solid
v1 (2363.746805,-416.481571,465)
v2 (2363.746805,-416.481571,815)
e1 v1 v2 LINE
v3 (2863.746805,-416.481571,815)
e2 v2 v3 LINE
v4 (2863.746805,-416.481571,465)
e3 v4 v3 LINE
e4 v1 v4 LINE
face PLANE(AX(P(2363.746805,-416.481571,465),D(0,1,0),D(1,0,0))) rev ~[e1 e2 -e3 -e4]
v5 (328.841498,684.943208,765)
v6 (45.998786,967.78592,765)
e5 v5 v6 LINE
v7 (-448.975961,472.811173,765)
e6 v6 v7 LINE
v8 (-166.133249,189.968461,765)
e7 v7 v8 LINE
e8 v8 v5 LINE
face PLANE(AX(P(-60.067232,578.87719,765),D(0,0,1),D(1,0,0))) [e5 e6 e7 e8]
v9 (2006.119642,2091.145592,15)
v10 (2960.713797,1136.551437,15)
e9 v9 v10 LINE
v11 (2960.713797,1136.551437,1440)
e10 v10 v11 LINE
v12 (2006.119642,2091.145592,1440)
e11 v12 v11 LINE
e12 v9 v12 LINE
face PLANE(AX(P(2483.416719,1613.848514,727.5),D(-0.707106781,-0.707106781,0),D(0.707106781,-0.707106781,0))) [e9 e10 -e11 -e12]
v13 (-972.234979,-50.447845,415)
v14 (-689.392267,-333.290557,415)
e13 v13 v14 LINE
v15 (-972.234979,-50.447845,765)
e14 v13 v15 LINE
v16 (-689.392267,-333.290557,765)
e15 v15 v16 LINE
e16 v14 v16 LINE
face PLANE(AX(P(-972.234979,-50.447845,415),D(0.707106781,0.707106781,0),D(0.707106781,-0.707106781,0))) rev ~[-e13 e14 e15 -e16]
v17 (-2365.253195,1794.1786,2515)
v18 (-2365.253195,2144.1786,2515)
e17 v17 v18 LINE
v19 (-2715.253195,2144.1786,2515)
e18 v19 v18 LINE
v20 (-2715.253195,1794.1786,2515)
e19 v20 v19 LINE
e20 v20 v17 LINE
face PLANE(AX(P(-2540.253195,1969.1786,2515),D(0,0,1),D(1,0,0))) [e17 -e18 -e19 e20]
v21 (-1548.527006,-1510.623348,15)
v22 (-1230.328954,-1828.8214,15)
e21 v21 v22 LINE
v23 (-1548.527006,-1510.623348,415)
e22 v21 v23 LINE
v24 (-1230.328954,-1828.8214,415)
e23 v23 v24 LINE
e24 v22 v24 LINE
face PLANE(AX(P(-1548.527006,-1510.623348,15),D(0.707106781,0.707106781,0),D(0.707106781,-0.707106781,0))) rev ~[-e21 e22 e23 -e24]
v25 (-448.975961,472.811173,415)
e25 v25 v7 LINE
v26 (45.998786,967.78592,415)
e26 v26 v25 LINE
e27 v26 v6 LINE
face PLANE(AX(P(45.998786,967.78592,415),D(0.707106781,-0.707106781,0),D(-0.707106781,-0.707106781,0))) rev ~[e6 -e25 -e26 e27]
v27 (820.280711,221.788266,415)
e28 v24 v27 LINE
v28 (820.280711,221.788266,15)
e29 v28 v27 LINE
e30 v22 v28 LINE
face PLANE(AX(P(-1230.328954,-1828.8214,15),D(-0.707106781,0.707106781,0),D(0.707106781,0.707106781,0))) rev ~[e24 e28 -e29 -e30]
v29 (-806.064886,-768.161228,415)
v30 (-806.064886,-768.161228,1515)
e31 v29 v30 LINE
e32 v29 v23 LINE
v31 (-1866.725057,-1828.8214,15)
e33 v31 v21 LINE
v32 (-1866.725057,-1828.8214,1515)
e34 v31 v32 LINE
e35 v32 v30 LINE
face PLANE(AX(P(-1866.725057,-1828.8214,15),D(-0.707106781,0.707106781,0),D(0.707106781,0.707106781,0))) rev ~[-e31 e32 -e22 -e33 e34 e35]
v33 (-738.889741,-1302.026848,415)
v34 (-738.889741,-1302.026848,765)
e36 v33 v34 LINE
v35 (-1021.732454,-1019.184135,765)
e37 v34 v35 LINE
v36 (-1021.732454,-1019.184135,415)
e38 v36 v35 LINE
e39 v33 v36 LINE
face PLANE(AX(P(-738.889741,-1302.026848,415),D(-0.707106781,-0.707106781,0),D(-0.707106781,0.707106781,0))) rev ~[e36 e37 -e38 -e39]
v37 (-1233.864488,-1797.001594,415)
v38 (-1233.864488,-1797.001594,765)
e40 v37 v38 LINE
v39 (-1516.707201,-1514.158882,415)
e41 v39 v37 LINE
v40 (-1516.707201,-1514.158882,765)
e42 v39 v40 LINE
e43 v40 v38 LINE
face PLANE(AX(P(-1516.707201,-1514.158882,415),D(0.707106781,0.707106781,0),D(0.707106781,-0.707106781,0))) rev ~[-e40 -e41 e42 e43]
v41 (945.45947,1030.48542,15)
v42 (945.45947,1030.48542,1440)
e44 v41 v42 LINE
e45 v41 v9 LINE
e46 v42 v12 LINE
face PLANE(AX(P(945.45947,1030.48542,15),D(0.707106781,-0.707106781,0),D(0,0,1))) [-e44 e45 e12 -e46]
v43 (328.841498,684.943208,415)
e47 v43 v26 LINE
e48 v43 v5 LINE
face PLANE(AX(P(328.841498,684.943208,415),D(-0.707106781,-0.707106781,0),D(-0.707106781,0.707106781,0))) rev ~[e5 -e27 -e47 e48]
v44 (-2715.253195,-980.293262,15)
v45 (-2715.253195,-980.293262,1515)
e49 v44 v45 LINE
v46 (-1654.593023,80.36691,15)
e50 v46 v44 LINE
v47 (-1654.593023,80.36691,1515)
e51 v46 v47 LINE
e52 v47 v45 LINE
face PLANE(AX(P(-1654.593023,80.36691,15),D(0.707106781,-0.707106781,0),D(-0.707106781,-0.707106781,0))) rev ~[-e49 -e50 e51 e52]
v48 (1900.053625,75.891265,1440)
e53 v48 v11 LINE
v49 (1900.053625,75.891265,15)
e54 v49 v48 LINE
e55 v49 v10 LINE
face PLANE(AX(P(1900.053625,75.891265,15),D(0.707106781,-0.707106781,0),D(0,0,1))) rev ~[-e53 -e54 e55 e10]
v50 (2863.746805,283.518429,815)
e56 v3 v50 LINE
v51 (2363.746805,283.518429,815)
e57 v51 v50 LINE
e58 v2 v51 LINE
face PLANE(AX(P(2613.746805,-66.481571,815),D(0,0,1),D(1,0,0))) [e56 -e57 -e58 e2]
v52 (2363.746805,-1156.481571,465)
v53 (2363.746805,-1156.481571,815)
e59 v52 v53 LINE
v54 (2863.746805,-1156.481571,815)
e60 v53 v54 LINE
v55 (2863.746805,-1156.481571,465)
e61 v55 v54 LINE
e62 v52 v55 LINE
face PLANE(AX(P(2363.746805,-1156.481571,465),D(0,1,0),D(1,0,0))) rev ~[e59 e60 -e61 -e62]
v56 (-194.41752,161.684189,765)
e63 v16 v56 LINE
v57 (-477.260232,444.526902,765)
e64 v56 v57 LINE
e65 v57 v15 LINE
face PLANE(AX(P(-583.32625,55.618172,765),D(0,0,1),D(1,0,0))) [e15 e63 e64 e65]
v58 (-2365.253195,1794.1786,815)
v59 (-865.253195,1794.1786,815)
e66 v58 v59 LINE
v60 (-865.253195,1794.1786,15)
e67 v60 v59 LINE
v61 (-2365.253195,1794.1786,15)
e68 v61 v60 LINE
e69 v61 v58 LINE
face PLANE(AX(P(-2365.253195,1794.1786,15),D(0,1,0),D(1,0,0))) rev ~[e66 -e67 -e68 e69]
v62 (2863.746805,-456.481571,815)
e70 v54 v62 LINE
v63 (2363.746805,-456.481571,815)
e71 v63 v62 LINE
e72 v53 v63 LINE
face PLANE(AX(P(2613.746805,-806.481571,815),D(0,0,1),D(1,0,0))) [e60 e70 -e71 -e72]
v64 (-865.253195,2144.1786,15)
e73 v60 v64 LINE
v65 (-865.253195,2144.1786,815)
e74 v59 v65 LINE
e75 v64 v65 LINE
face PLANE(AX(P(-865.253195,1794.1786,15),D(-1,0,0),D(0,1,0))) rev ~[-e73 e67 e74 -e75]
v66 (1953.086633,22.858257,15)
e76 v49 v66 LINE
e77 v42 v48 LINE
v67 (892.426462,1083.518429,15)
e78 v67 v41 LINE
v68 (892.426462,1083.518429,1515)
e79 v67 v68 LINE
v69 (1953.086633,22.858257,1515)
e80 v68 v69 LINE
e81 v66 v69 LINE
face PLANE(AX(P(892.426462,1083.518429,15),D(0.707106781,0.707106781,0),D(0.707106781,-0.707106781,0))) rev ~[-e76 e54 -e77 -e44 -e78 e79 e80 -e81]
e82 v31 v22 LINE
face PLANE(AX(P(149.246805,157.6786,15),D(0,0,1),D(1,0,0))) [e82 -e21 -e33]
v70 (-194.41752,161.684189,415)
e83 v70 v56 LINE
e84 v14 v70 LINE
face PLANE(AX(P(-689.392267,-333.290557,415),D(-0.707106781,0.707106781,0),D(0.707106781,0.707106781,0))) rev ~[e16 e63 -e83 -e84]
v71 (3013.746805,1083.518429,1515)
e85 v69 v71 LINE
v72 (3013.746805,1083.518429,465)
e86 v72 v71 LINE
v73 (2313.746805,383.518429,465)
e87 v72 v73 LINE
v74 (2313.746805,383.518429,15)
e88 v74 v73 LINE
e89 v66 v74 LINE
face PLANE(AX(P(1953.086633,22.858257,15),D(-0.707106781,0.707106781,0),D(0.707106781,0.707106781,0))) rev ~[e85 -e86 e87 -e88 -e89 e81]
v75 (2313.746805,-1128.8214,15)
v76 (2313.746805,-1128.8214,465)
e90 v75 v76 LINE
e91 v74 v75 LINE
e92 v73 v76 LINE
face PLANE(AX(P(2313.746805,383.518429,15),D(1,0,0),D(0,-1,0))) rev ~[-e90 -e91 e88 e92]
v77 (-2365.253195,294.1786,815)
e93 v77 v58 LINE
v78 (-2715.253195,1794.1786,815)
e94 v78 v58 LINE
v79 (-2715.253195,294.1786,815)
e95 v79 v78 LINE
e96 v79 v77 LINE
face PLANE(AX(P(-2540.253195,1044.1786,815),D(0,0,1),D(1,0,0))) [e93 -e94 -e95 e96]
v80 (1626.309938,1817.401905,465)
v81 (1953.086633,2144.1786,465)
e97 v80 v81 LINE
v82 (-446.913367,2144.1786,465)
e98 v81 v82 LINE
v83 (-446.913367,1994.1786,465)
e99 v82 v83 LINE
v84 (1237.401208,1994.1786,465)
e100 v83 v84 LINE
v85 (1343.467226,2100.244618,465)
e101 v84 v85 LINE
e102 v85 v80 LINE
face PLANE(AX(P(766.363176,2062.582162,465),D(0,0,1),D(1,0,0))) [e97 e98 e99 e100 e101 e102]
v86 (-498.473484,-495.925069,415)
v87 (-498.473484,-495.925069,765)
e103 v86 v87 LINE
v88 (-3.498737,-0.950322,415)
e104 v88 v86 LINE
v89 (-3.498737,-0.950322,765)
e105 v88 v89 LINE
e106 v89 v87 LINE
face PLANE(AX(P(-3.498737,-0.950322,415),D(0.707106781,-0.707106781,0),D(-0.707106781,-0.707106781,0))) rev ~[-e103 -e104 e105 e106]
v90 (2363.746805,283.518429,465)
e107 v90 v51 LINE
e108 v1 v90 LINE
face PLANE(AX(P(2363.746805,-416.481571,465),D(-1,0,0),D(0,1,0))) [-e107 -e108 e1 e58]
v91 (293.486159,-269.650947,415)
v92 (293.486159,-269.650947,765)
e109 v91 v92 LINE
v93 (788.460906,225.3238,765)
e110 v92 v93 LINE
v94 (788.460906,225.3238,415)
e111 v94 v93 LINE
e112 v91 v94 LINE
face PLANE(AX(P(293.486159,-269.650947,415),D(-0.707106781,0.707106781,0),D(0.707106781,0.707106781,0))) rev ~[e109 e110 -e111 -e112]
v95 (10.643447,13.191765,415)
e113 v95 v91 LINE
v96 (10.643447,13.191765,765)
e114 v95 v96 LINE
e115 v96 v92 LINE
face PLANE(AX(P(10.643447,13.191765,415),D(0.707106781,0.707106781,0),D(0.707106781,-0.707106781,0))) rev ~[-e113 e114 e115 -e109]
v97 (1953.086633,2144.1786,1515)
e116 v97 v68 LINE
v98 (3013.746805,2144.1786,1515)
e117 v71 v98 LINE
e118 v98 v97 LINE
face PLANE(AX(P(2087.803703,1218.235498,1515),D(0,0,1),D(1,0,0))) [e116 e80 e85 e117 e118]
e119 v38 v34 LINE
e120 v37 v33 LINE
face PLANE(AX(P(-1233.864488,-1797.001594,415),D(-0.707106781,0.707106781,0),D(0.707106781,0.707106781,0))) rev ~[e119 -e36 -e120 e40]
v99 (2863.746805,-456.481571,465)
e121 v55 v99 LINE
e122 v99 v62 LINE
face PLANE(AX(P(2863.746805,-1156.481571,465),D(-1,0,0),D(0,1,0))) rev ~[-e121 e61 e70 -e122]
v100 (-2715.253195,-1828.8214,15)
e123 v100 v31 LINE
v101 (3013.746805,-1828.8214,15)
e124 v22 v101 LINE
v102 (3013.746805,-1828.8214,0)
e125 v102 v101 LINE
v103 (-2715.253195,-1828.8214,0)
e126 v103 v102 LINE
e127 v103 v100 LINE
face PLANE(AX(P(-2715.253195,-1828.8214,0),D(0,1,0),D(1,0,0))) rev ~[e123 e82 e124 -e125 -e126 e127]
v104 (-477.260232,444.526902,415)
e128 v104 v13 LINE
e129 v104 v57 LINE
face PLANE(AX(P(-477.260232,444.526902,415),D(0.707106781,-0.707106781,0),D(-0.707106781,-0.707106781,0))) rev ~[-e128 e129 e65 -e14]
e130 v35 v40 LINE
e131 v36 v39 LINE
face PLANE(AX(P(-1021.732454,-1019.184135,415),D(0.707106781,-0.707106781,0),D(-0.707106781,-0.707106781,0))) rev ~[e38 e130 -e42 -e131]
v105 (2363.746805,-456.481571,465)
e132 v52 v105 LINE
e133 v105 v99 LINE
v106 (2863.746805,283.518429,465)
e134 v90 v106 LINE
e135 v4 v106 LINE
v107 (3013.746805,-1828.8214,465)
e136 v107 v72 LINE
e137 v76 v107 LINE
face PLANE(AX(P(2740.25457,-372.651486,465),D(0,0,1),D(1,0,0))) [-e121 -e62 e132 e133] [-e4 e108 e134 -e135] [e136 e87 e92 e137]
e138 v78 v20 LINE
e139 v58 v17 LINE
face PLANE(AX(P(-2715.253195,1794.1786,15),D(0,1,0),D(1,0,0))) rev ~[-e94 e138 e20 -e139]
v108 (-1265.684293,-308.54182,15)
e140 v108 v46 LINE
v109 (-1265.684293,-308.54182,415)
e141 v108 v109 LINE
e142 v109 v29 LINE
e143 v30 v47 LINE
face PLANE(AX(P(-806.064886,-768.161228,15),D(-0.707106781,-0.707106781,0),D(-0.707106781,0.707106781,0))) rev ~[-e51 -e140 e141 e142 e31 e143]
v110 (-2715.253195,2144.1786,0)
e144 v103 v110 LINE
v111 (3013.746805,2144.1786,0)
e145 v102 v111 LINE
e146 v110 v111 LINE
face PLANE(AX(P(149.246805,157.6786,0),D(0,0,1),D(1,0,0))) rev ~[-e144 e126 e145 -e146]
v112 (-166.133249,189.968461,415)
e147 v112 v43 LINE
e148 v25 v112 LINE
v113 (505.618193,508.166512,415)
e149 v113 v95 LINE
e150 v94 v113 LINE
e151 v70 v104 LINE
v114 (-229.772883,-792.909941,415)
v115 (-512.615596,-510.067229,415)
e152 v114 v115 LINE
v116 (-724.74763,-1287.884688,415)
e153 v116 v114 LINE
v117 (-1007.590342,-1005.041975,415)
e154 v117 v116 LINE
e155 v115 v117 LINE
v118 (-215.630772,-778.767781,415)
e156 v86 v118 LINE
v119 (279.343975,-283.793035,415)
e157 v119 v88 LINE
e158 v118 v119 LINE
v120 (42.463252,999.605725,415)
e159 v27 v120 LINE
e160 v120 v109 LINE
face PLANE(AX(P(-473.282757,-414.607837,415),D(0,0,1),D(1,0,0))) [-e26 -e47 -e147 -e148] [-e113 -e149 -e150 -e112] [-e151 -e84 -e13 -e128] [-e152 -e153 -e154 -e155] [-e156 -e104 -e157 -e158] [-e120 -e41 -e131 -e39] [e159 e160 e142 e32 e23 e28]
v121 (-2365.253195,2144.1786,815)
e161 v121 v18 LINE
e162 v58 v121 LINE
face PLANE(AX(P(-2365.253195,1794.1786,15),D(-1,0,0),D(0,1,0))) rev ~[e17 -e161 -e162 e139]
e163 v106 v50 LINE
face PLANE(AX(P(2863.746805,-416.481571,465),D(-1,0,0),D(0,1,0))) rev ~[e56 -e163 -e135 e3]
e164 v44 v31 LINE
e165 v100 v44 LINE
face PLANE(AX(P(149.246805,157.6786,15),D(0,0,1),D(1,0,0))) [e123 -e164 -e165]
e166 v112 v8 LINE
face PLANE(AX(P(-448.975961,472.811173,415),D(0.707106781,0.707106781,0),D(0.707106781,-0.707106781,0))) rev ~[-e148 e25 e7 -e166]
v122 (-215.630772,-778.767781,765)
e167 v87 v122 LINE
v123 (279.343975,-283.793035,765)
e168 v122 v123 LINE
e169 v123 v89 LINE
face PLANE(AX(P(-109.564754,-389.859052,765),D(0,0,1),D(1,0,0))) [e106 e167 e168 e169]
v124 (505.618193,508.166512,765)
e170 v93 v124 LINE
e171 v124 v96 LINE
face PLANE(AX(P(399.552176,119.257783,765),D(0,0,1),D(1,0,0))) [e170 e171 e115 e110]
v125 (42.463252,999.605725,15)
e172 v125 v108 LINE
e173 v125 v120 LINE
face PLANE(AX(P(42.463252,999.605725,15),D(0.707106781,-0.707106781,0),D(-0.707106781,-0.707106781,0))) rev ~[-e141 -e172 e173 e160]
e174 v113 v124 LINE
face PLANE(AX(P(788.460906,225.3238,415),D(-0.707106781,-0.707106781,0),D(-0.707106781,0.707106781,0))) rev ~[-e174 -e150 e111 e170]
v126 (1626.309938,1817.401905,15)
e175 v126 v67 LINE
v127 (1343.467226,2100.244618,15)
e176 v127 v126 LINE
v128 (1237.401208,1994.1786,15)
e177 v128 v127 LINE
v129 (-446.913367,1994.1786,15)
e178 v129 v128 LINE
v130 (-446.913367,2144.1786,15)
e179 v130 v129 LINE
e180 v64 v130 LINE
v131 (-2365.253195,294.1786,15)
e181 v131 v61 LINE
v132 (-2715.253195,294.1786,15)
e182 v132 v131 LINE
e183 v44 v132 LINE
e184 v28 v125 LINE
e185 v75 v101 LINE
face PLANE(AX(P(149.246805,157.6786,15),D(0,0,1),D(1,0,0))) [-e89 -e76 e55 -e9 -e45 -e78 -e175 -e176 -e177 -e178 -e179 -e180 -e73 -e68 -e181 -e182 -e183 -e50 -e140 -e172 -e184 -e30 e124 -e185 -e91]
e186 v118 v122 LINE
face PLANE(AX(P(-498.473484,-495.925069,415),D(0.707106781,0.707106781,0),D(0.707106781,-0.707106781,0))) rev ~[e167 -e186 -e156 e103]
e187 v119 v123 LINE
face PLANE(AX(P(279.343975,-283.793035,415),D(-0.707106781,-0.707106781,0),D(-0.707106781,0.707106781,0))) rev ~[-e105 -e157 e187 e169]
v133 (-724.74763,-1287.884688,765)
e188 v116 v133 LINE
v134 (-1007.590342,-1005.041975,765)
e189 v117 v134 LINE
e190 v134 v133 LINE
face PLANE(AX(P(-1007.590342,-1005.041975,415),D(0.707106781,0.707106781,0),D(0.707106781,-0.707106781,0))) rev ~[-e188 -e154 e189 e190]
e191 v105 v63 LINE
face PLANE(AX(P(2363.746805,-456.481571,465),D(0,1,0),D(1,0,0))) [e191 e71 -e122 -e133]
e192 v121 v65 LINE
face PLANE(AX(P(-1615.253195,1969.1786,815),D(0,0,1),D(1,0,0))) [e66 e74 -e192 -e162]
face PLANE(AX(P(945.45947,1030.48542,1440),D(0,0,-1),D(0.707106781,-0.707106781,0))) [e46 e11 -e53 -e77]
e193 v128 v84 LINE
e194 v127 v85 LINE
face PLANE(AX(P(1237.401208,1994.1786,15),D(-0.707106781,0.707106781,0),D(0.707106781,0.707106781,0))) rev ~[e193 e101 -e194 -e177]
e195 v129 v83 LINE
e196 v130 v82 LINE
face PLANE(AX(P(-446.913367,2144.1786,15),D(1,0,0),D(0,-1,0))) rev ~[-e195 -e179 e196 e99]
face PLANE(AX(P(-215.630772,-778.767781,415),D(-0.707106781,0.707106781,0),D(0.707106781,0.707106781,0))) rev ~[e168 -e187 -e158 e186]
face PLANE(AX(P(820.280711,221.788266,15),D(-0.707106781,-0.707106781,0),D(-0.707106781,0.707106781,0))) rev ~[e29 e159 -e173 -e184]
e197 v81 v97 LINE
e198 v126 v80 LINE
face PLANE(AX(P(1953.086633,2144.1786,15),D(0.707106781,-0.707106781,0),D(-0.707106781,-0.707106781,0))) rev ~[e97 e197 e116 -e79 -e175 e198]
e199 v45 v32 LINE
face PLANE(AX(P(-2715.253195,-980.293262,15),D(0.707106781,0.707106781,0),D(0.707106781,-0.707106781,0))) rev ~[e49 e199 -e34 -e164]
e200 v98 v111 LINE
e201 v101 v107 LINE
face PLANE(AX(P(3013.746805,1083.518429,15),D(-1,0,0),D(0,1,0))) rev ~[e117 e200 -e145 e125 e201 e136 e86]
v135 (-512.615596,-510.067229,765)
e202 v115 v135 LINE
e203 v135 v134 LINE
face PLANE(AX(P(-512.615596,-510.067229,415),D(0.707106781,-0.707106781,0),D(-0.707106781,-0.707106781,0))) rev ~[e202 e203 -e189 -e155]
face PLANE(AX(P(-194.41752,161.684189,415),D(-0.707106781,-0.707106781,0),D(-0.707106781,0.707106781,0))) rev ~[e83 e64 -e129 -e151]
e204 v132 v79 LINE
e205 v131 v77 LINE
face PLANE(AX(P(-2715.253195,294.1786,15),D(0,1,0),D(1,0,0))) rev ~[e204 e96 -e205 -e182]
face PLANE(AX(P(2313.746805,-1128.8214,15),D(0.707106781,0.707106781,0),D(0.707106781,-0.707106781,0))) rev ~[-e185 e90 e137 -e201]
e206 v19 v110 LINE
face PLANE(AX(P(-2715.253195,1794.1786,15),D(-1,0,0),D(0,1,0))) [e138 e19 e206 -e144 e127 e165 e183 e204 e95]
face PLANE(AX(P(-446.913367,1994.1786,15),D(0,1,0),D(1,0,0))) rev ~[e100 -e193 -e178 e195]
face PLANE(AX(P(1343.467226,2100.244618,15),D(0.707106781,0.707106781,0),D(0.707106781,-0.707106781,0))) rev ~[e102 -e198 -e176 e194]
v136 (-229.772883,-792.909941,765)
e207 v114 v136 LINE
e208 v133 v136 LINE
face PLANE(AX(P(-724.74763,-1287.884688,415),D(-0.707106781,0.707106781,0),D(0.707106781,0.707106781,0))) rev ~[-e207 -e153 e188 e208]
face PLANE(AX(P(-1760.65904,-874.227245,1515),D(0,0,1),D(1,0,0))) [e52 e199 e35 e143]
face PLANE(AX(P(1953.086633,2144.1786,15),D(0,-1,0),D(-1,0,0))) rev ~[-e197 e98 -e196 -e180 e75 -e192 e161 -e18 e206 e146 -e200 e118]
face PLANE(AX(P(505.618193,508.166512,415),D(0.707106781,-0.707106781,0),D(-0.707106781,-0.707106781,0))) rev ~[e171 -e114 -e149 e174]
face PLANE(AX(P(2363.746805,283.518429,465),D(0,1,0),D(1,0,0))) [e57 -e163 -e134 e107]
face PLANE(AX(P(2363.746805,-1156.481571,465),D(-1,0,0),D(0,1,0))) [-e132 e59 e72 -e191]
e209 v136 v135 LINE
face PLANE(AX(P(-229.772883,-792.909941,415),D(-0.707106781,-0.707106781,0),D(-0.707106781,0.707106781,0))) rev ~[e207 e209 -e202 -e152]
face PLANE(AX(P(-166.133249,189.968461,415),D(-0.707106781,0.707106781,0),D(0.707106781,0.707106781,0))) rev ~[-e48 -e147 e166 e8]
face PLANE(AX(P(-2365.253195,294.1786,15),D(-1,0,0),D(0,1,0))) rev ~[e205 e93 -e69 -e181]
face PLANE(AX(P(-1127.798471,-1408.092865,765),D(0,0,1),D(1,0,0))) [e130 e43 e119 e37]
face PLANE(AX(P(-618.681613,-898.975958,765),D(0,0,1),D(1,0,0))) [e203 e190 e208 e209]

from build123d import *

# Parameters (mm, degrees)
F0_W      = 5729
F0_H      = 3973
F1_DEPTH  = 15
F3_W      = 350
F3_H      = 350
F4_DEPTH  = 2500
F5_DEPTH  = 1500
F6_W      = 1500
F6_H      = 350
F6_W_2    = 350
F6_H_2    = 1500
F7_DEPTH  = 800
F9_DEPTH  = 450
F11_DEPTH = 400
F13_DEPTH = 350
F14_W     = 500
F14_H     = 700
F15_DEPTH = 350
F16_W     = 1350
F16_H     = 1425
F17_DEPTH = 1500


with BuildPart() as f1:
    # F0 (on Top) → F1 (new body)
    with BuildSketch(Plane.XY):
        with Locations((149.2468051165, 157.678600383)):
            Rectangle(F0_W, F0_H)
    extrude(amount=F1_DEPTH)

    # F3 (on face) → F4 (join)
    with BuildSketch(Plane.XY.offset(15)):
        with Locations((-2540.2531948835, 1969.178600383)):
            Rectangle(F3_W, F3_H)
    extrude(amount=F4_DEPTH)

    # F2 (on face) → F5 (join)
    with BuildSketch(Plane.XY.offset(15)):
        Polygon((-1654.5930231036, 80.3669095867), (-2715.2531948835, -980.2932621931), (-1866.7250574596, -1828.821399617), (-806.0648856798, -768.1612278371), align=None)
        Polygon((3013.7468051165, 2144.178600383), (1953.0866333367, 2144.178600383), (892.4264615569, 1083.5184286032), (1953.0866333367, 22.8582568234), (3013.7468051165, 1083.5184286032), align=None)
    extrude(amount=F5_DEPTH)

    # F6 (on face) → F7 (join)
    with BuildSketch(Plane.XY.offset(15)):
        with Locations((-1615.2531948835, 1969.178600383)):
            Rectangle(F6_W, F6_H)
        with Locations((-2540.2531948835, 1044.178600383)):
            Rectangle(F6_W_2, F6_H_2)
    extrude(amount=F7_DEPTH)

    # F8 (on face) → F9 (join)
    with BuildSketch(Plane.XY.offset(15)):
        Polygon((1626.3099380401, 1817.4019050864), (1953.0866333367, 2144.178600383), (-446.9133666633, 2144.178600383), (-446.9133666633, 1994.178600383), (1237.4012083875, 1994.178600383), (1343.4672255655, 2100.244617561), align=None)
        Polygon((3013.7468051165, 1083.5184286032), (2313.7468051165, 383.5184286032), (2313.7468051165, -1128.821399617), (3013.7468051165, -1828.821399617), align=None)
    extrude(amount=F9_DEPTH)

    # F10 (on face) → F11 (join)
    with BuildSketch(Plane.XY.offset(15)):
        Polygon((820.2807110493, 221.788265824), (42.4632517441, 999.6057251292), (-1265.684293451, -308.5418200659), (-806.0648856798, -768.1612278371), (-1548.5270059257, -1510.623348083), (-1230.3289543917, -1828.821399617), align=None)
    extrude(amount=F11_DEPTH)

    # F12 (on face) → F13 (join)
    with BuildSketch(Plane.XY.offset(415)):
        Polygon((-1021.7324539417, -1019.1841351584), (-1516.7072007723, -1514.1588819889), (-1233.8644882976, -1797.0015944636), (-738.8897414671, -1302.026847633), align=None)
        Polygon((-512.6155955462, -510.0672286452), (-1007.5903423768, -1005.0419754758), (-724.7476299021, -1287.8846879504), (-229.7728830716, -792.9099411198), align=None)
        Polygon((-3.4987371507, -0.9503221321), (-498.4734839813, -495.9250689627), (-215.6307715066, -778.7677814373), (279.3439753239, -283.7930346067), align=None)
        Polygon((-477.260232428, 444.5269018978), (-972.2349792586, -50.4478449328), (-689.392266784, -333.2905574074), (-194.4175199534, 161.6841894232), align=None)
        Polygon((45.99878565, 967.7859199758), (-448.9759611806, 472.8111731453), (-166.133248706, 189.9684606706), (328.8414981246, 684.9432075012), align=None)
        Polygon((505.6181934213, 508.1665122046), (10.6434465907, 13.191765374), (293.4861590653, -269.6509471006), (788.4609058959, 225.32379973), align=None)
    extrude(amount=F13_DEPTH)

    # F14 (on face) → F15 (join)
    with BuildSketch(Plane.XY.offset(465)):
        with Locations((2613.7468051165, -66.4815713968)):
            Rectangle(F14_W, F14_H)
        with Locations((2613.7468051165, -806.4815713968)):
            Rectangle(F14_W, F14_H)
    extrude(amount=F15_DEPTH)

    # F16 (on face) → F17 (cut, through all)
    with BuildSketch(Plane(origin=(987.9724450801, 987.9724450801, 0), x_dir=(0.7071067812, -0.7071067812, 0), z_dir=(-0.7071067812, -0.7071067812, 0))):
        with Locations((614.8775742713, 727.5)):
            Rectangle(F16_W, F16_H)
    extrude(amount=-F17_DEPTH, mode=Mode.SUBTRACT)


solid = f1.part
